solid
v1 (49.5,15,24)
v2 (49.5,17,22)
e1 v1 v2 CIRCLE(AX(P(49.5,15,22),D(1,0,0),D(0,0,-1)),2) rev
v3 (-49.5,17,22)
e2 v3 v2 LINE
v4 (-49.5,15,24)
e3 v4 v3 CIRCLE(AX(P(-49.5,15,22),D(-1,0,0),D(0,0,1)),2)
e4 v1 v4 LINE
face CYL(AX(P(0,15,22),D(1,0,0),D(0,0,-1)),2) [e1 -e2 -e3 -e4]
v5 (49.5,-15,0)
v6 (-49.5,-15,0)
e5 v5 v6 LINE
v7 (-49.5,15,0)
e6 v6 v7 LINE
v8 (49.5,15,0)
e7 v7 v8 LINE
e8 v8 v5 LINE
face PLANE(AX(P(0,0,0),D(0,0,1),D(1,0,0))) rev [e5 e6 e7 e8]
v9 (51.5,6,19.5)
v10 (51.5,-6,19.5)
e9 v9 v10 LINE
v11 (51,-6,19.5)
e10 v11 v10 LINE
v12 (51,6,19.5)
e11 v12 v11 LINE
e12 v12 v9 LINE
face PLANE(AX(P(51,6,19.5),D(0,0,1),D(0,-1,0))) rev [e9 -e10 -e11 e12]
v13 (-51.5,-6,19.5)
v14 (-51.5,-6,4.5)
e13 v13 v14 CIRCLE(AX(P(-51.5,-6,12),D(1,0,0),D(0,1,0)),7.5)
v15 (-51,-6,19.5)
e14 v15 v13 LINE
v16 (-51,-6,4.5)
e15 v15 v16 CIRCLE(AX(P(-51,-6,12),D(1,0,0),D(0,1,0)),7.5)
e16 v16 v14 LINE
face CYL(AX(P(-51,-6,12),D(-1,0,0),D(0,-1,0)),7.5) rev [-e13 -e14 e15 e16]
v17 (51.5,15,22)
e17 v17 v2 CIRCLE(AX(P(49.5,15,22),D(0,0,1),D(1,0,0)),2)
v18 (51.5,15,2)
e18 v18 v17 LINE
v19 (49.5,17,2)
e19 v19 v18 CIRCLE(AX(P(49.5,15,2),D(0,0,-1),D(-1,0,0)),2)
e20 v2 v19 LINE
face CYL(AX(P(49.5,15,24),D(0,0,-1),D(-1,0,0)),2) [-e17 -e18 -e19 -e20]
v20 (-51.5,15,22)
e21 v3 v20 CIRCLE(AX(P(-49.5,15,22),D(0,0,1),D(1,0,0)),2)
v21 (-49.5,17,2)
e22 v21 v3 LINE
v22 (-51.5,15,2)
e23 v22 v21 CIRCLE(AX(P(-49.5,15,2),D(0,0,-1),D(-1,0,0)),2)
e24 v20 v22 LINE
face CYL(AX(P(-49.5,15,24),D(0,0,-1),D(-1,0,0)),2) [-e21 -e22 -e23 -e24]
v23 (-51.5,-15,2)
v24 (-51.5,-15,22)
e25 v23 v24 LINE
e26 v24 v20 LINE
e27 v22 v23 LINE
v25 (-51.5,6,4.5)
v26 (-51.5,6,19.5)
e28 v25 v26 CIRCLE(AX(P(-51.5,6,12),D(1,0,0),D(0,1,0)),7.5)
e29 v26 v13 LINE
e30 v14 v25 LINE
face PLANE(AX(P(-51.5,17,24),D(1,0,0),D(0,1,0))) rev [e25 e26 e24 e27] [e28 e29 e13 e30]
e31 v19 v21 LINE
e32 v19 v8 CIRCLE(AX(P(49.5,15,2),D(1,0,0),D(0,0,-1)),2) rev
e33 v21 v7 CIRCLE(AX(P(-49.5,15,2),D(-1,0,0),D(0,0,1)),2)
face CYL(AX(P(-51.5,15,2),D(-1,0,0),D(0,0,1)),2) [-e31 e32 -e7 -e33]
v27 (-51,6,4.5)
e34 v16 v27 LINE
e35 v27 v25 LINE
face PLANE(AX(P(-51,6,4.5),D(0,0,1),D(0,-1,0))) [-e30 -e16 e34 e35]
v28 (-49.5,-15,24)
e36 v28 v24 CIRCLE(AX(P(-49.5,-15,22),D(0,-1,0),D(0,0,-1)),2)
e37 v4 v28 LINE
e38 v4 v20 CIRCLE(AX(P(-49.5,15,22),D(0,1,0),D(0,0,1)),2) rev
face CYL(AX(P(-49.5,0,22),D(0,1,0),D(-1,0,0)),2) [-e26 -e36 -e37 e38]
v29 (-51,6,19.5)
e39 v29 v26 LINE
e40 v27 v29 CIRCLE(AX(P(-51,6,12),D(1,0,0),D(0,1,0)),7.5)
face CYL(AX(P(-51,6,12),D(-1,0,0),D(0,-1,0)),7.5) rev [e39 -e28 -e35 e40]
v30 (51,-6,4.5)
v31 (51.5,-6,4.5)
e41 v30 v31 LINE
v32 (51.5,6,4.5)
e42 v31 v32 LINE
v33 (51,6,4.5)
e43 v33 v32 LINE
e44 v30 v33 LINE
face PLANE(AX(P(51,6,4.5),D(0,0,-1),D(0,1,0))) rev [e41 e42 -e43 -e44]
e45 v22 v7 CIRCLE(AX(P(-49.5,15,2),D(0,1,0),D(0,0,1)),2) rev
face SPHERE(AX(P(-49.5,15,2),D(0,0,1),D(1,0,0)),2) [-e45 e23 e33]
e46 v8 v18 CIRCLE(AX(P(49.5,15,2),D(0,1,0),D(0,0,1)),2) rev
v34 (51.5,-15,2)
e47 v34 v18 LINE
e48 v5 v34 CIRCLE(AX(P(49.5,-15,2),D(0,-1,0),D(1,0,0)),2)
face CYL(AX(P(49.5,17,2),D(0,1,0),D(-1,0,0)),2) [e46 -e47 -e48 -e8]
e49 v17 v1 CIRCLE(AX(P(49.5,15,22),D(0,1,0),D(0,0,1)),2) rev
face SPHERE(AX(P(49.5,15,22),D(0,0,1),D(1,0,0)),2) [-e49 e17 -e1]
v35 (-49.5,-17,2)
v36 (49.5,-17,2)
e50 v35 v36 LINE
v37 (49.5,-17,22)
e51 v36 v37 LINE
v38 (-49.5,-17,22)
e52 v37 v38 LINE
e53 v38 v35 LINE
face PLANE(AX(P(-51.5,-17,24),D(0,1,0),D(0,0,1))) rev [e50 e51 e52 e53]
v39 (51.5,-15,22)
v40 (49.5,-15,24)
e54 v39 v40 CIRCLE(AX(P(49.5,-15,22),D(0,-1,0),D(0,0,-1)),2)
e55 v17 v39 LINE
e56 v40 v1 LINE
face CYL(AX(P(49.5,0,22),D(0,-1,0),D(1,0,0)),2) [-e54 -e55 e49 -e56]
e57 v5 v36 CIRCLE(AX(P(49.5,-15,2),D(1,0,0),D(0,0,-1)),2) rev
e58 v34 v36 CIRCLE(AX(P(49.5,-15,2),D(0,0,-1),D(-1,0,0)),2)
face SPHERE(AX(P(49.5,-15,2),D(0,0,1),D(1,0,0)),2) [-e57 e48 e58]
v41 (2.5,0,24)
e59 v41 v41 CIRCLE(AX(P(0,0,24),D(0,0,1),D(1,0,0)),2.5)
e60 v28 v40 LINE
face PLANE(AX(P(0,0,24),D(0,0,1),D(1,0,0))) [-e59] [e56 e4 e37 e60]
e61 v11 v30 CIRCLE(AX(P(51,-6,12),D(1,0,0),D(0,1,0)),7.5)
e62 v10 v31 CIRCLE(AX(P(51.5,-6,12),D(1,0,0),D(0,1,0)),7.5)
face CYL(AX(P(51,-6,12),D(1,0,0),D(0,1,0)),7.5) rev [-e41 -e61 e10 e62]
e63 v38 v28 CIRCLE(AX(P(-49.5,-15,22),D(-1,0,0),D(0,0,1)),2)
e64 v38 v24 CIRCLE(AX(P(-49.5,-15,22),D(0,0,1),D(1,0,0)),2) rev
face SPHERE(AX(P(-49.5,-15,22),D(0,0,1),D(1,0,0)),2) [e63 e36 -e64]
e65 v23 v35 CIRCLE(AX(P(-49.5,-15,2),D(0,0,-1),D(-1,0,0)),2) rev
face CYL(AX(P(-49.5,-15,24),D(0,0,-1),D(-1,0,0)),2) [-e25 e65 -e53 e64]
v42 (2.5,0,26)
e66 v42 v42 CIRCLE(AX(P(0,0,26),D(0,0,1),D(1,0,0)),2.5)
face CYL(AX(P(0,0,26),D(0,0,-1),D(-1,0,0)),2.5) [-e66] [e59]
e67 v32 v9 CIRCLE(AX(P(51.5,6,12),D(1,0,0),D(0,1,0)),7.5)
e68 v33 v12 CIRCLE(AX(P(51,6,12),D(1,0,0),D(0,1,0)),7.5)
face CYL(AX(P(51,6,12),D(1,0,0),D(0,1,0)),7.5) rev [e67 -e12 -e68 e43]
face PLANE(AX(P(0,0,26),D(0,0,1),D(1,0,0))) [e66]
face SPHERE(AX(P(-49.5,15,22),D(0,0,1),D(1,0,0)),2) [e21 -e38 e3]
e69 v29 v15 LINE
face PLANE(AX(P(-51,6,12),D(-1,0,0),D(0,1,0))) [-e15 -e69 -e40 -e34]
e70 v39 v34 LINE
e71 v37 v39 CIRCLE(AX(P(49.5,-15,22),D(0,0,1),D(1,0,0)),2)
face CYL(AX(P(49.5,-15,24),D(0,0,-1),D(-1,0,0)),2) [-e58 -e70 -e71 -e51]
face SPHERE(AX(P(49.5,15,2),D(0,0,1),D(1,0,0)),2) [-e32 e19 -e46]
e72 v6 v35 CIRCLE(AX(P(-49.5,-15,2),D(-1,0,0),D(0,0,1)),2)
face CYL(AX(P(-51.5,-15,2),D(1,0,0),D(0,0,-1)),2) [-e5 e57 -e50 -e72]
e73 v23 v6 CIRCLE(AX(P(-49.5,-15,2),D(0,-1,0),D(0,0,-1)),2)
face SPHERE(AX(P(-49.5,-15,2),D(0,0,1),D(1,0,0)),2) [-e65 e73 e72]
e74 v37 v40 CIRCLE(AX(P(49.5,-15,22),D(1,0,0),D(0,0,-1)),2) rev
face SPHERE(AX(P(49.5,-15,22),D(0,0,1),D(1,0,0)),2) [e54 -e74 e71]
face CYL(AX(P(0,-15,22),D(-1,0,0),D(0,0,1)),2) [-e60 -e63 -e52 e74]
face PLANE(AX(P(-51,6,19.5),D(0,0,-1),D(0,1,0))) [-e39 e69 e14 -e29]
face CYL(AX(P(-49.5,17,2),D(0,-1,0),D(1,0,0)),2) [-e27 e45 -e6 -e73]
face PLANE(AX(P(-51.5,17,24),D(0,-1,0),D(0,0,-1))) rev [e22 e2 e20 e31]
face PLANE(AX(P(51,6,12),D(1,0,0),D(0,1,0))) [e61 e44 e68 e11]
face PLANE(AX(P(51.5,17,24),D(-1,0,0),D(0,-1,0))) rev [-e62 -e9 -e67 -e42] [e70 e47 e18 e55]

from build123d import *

# Parameters (mm, degrees)
ESBO_O1_W                = 103
ESBO_O1_H                = 34
RESSALTO_EXTRUS_O1_DEPTH = 24
CORTE_EXTRUS_O1_DEPTH    = 0.5
FILETE1_R                = 2
SKETCH1_R                = 2.5
BOSS_EXTRUDE1_DEPTH      = 2


with BuildPart() as part:
    # Esboço1 → Ressalto-extrusão1 (new body)
    with BuildSketch(Plane.XY):
        Rectangle(ESBO_O1_W, ESBO_O1_H)
    extrude(amount=RESSALTO_EXTRUS_O1_DEPTH)

    # Esboço2 → Corte-extrusão1 (cut)
    with BuildSketch(Plane(origin=(51.5, 0, 0), x_dir=(0, 0, -1), z_dir=(1, 0, 0))):
        with BuildLine():
            Line((-4.5, 6), (-4.5, -6))
            ThreePointArc((-4.5, -6), (-12, -13.5), (-19.5, -6))
            Line((-19.5, -6), (-19.5, 6))
            ThreePointArc((-19.5, 6), (-12, 13.5), (-4.5, 6))
        make_face()
    corte_extrus_o1 = extrude(amount=-CORTE_EXTRUS_O1_DEPTH, mode=Mode.SUBTRACT)

    # Espelhar1: Corte-extrusão1 across plane
    add(corte_extrus_o1.mirror(Plane(origin=(0, 0, 0), x_dir=(0, 0, 1), z_dir=(1, 0, 0))), mode=Mode.SUBTRACT)

    # Filete1
    filete1_edges = [part.edges().sort_by_distance(p)[0] for p in [
        (-51.5, 0, 24),
        (0, -17, 24),
        (51.5, 0, 24),
        (0, -17, 0),
        (-51.5, 0, 0),
        (0, 17, 0),
        (51.5, 0, 0),
        (0, 17, 24),
        (51.5, -17, 12),
        (-51.5, -17, 12),
        (-51.5, 17, 12),
        (51.5, 17, 12),
    ]]
    fillet(filete1_edges, radius=FILETE1_R)

    # Sketch1 → Boss-Extrude1 (add)
    with BuildSketch(Plane.XY.offset(24)):
        Circle(SKETCH1_R)
    extrude(amount=BOSS_EXTRUDE1_DEPTH)


solid = part.part
